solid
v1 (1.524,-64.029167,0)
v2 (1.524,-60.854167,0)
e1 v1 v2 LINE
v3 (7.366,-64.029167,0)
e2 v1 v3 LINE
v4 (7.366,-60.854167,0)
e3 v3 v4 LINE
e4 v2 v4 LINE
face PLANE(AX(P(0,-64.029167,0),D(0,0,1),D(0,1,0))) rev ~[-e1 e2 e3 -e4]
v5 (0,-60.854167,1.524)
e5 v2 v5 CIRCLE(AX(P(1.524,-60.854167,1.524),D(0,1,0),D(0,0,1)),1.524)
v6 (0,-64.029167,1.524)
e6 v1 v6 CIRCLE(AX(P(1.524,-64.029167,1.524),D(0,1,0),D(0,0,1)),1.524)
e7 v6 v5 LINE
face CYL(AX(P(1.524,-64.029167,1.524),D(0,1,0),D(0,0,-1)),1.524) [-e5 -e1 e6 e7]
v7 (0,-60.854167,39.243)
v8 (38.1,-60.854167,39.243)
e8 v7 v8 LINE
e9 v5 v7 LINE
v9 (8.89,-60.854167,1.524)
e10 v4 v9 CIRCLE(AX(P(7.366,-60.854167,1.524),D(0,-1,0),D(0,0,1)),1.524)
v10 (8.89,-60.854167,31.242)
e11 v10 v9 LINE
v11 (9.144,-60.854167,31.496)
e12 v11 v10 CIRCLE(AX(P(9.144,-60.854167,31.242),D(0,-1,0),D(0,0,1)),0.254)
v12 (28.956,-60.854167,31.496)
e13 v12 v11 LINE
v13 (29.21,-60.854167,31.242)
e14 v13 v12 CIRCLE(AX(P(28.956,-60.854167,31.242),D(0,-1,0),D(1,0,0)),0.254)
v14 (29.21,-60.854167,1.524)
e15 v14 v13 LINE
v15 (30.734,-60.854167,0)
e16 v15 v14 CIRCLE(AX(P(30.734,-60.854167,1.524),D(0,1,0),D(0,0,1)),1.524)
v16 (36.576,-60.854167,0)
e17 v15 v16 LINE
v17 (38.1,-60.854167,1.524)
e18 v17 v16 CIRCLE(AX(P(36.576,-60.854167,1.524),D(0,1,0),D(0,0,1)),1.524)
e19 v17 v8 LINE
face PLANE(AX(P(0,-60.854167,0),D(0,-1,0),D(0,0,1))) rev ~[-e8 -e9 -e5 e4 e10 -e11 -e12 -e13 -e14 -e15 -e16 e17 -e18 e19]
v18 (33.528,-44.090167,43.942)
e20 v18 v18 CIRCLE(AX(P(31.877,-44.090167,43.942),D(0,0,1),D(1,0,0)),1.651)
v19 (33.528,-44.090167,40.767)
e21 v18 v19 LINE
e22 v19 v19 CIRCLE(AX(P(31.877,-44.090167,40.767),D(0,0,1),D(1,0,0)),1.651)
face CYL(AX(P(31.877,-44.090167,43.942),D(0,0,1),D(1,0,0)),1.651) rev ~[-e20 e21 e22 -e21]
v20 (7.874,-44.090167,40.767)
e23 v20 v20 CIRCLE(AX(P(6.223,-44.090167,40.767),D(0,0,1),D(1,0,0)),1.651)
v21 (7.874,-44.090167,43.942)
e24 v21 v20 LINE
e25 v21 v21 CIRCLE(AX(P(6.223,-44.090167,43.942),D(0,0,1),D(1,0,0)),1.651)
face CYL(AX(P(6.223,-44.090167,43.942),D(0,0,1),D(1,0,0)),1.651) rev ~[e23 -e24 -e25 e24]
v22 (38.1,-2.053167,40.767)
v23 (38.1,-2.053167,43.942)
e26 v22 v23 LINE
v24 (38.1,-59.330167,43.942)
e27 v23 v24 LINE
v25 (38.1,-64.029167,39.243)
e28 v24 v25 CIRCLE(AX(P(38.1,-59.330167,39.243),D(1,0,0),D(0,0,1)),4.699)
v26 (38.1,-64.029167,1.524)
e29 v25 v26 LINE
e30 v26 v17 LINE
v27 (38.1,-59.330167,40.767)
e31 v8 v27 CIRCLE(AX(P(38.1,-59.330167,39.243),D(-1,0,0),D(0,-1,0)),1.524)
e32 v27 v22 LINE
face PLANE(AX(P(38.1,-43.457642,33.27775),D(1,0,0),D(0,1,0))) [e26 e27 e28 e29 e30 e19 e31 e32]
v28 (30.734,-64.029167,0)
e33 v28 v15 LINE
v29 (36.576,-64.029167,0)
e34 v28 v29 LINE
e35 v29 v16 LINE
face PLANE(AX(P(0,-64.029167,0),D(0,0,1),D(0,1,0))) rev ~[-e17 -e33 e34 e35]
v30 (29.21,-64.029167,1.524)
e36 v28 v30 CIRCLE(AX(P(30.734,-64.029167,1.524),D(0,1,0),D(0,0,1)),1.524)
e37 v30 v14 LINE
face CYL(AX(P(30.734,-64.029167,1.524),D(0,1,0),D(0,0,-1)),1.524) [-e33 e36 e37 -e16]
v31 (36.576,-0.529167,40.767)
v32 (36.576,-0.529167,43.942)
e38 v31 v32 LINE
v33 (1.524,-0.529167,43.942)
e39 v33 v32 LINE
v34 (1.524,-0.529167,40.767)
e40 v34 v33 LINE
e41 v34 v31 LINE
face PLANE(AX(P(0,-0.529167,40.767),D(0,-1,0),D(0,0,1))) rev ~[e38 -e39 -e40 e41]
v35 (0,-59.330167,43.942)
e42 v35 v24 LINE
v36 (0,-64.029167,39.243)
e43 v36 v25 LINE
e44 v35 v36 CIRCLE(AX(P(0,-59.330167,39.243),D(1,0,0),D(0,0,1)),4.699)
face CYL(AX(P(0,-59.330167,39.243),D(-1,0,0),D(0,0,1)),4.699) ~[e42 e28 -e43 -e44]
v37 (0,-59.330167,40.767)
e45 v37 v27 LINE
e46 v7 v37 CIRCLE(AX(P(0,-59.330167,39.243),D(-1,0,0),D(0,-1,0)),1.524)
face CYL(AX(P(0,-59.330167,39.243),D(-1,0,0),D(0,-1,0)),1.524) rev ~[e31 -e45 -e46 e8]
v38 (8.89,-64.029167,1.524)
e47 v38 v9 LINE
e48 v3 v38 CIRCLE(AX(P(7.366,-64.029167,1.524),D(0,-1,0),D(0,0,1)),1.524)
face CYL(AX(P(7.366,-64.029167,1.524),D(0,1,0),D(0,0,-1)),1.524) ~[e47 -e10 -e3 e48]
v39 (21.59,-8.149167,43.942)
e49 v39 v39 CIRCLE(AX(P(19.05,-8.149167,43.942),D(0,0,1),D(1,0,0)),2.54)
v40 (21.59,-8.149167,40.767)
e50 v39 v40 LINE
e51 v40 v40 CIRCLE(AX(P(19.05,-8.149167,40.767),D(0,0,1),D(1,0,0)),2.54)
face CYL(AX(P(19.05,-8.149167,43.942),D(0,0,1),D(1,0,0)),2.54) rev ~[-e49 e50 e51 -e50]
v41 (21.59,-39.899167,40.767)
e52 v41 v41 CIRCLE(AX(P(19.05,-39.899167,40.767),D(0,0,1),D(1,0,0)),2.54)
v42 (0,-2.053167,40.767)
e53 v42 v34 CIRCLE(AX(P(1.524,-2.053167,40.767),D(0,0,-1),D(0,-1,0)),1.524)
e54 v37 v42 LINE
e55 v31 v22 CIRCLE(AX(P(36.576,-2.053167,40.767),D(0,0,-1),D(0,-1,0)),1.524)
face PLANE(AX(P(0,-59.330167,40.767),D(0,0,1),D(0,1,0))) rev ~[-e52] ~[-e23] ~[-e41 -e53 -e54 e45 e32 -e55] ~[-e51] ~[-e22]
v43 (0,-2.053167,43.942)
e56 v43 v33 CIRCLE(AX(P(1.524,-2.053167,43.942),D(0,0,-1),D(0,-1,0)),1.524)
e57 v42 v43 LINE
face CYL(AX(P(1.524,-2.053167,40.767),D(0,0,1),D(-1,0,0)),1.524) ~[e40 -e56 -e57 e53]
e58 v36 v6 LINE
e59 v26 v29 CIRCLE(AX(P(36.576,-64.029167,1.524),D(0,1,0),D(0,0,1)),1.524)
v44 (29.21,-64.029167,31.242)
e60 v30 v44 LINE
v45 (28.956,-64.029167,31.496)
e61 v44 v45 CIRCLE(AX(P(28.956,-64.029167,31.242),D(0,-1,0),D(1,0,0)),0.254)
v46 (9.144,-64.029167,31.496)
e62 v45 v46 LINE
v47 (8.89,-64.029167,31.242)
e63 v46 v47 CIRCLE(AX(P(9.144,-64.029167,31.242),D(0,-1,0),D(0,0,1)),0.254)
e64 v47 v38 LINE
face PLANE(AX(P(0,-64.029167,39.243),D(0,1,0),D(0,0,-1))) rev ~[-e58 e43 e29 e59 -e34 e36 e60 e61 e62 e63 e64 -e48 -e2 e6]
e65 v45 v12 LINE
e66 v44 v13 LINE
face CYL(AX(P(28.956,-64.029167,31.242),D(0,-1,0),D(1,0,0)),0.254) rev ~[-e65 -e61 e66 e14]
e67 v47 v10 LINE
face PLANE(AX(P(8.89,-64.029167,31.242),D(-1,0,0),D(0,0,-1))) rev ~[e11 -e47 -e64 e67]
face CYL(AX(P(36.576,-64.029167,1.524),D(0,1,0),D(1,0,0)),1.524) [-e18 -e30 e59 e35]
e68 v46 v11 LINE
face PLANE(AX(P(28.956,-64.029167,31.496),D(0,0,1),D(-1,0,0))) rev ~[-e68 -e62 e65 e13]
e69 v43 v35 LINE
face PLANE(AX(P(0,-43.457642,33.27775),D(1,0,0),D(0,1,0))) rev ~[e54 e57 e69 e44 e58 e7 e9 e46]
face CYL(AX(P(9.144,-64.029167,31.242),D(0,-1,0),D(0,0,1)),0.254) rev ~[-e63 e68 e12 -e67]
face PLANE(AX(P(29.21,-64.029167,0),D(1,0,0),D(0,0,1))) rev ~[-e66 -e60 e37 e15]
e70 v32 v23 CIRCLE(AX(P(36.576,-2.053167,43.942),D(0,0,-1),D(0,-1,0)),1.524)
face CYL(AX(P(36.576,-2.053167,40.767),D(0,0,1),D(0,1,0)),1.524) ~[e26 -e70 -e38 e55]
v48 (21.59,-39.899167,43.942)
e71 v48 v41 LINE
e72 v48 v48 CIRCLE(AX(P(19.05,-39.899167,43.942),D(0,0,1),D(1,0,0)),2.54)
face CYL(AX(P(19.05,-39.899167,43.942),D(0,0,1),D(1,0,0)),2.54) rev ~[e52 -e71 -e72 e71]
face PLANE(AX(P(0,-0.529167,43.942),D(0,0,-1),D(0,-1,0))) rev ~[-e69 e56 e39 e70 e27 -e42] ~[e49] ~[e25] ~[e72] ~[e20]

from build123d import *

# Parameters (mm, degrees)
F1_DEPTH = 38.1
F3_DEPTH = 3.175
F4_R     = 1.524
F5_R     = 2.54
F5_R_2   = 1.651
F6_DEPTH = 3.175


with BuildPart() as f1:
    # F0 (on Right) → F1 (new body)
    with BuildSketch(Plane.YZ):
        with BuildLine():
            Line((-64.0291666667, 0), (-60.8541666667, 0))
            Line((-60.8541666667, 0), (-60.8541666667, 39.243))
            ThreePointArc((-60.8541666667, 39.243), (-60.4077974012, 40.3206307345), (-59.3301666667, 40.767))
            Line((-59.3301666667, 40.767), (-0.5291666667, 40.767))
            Line((-0.5291666667, 40.767), (-0.5291666667, 43.942))
            Line((-0.5291666667, 43.942), (-59.3301666667, 43.942))
            ThreePointArc((-59.3301666667, 43.942), (-62.6528614315, 42.5656947648), (-64.0291666667, 39.243))
            Line((-64.0291666667, 39.243), (-64.0291666667, 0))
        make_face()
    extrude(amount=F1_DEPTH)

    # F2 (on face) → F3 (cut, through all)
    with BuildSketch(Plane.XZ.offset(64.0291666667)):
        with BuildLine():
            Line((8.89, 31.242), (8.89, 0))
            Line((8.89, 0), (29.21, 0))
            Line((29.21, 0), (29.21, 31.242))
            ThreePointArc((29.21, 31.242), (29.1356051224, 31.4216051224), (28.956, 31.496))
            Line((28.956, 31.496), (9.144, 31.496))
            ThreePointArc((9.144, 31.496), (8.9643948776, 31.4216051224), (8.89, 31.242))
        make_face()
    extrude(amount=-F3_DEPTH, mode=Mode.SUBTRACT)

    # F4
    f4_edges = [f1.edges().sort_by_distance(p)[0] for p in [
        (8.89, -62.441667, 0),
        (0, -62.441667, 0),
        (29.21, -62.441667, 0),
        (38.1, -62.441667, 0),
        (38.1, -0.529167, 42.3545),
        (0, -0.529167, 42.3545),
    ]]
    fillet(f4_edges, radius=F4_R)

    # F5 (on face) → F6 (cut, through all)
    with BuildSketch(Plane.XY.offset(43.942)):
        with Locations((19.05, -8.1491666667)):
            Circle(F5_R)
        with Locations((19.05, -39.8991666667)):
            Circle(F5_R)
        with Locations((31.877, -44.0901666667)):
            Circle(F5_R_2)
        with Locations((6.223, -44.0901666667)):
            Circle(F5_R_2)
    extrude(amount=-F6_DEPTH, mode=Mode.SUBTRACT)


solid = f1.part
